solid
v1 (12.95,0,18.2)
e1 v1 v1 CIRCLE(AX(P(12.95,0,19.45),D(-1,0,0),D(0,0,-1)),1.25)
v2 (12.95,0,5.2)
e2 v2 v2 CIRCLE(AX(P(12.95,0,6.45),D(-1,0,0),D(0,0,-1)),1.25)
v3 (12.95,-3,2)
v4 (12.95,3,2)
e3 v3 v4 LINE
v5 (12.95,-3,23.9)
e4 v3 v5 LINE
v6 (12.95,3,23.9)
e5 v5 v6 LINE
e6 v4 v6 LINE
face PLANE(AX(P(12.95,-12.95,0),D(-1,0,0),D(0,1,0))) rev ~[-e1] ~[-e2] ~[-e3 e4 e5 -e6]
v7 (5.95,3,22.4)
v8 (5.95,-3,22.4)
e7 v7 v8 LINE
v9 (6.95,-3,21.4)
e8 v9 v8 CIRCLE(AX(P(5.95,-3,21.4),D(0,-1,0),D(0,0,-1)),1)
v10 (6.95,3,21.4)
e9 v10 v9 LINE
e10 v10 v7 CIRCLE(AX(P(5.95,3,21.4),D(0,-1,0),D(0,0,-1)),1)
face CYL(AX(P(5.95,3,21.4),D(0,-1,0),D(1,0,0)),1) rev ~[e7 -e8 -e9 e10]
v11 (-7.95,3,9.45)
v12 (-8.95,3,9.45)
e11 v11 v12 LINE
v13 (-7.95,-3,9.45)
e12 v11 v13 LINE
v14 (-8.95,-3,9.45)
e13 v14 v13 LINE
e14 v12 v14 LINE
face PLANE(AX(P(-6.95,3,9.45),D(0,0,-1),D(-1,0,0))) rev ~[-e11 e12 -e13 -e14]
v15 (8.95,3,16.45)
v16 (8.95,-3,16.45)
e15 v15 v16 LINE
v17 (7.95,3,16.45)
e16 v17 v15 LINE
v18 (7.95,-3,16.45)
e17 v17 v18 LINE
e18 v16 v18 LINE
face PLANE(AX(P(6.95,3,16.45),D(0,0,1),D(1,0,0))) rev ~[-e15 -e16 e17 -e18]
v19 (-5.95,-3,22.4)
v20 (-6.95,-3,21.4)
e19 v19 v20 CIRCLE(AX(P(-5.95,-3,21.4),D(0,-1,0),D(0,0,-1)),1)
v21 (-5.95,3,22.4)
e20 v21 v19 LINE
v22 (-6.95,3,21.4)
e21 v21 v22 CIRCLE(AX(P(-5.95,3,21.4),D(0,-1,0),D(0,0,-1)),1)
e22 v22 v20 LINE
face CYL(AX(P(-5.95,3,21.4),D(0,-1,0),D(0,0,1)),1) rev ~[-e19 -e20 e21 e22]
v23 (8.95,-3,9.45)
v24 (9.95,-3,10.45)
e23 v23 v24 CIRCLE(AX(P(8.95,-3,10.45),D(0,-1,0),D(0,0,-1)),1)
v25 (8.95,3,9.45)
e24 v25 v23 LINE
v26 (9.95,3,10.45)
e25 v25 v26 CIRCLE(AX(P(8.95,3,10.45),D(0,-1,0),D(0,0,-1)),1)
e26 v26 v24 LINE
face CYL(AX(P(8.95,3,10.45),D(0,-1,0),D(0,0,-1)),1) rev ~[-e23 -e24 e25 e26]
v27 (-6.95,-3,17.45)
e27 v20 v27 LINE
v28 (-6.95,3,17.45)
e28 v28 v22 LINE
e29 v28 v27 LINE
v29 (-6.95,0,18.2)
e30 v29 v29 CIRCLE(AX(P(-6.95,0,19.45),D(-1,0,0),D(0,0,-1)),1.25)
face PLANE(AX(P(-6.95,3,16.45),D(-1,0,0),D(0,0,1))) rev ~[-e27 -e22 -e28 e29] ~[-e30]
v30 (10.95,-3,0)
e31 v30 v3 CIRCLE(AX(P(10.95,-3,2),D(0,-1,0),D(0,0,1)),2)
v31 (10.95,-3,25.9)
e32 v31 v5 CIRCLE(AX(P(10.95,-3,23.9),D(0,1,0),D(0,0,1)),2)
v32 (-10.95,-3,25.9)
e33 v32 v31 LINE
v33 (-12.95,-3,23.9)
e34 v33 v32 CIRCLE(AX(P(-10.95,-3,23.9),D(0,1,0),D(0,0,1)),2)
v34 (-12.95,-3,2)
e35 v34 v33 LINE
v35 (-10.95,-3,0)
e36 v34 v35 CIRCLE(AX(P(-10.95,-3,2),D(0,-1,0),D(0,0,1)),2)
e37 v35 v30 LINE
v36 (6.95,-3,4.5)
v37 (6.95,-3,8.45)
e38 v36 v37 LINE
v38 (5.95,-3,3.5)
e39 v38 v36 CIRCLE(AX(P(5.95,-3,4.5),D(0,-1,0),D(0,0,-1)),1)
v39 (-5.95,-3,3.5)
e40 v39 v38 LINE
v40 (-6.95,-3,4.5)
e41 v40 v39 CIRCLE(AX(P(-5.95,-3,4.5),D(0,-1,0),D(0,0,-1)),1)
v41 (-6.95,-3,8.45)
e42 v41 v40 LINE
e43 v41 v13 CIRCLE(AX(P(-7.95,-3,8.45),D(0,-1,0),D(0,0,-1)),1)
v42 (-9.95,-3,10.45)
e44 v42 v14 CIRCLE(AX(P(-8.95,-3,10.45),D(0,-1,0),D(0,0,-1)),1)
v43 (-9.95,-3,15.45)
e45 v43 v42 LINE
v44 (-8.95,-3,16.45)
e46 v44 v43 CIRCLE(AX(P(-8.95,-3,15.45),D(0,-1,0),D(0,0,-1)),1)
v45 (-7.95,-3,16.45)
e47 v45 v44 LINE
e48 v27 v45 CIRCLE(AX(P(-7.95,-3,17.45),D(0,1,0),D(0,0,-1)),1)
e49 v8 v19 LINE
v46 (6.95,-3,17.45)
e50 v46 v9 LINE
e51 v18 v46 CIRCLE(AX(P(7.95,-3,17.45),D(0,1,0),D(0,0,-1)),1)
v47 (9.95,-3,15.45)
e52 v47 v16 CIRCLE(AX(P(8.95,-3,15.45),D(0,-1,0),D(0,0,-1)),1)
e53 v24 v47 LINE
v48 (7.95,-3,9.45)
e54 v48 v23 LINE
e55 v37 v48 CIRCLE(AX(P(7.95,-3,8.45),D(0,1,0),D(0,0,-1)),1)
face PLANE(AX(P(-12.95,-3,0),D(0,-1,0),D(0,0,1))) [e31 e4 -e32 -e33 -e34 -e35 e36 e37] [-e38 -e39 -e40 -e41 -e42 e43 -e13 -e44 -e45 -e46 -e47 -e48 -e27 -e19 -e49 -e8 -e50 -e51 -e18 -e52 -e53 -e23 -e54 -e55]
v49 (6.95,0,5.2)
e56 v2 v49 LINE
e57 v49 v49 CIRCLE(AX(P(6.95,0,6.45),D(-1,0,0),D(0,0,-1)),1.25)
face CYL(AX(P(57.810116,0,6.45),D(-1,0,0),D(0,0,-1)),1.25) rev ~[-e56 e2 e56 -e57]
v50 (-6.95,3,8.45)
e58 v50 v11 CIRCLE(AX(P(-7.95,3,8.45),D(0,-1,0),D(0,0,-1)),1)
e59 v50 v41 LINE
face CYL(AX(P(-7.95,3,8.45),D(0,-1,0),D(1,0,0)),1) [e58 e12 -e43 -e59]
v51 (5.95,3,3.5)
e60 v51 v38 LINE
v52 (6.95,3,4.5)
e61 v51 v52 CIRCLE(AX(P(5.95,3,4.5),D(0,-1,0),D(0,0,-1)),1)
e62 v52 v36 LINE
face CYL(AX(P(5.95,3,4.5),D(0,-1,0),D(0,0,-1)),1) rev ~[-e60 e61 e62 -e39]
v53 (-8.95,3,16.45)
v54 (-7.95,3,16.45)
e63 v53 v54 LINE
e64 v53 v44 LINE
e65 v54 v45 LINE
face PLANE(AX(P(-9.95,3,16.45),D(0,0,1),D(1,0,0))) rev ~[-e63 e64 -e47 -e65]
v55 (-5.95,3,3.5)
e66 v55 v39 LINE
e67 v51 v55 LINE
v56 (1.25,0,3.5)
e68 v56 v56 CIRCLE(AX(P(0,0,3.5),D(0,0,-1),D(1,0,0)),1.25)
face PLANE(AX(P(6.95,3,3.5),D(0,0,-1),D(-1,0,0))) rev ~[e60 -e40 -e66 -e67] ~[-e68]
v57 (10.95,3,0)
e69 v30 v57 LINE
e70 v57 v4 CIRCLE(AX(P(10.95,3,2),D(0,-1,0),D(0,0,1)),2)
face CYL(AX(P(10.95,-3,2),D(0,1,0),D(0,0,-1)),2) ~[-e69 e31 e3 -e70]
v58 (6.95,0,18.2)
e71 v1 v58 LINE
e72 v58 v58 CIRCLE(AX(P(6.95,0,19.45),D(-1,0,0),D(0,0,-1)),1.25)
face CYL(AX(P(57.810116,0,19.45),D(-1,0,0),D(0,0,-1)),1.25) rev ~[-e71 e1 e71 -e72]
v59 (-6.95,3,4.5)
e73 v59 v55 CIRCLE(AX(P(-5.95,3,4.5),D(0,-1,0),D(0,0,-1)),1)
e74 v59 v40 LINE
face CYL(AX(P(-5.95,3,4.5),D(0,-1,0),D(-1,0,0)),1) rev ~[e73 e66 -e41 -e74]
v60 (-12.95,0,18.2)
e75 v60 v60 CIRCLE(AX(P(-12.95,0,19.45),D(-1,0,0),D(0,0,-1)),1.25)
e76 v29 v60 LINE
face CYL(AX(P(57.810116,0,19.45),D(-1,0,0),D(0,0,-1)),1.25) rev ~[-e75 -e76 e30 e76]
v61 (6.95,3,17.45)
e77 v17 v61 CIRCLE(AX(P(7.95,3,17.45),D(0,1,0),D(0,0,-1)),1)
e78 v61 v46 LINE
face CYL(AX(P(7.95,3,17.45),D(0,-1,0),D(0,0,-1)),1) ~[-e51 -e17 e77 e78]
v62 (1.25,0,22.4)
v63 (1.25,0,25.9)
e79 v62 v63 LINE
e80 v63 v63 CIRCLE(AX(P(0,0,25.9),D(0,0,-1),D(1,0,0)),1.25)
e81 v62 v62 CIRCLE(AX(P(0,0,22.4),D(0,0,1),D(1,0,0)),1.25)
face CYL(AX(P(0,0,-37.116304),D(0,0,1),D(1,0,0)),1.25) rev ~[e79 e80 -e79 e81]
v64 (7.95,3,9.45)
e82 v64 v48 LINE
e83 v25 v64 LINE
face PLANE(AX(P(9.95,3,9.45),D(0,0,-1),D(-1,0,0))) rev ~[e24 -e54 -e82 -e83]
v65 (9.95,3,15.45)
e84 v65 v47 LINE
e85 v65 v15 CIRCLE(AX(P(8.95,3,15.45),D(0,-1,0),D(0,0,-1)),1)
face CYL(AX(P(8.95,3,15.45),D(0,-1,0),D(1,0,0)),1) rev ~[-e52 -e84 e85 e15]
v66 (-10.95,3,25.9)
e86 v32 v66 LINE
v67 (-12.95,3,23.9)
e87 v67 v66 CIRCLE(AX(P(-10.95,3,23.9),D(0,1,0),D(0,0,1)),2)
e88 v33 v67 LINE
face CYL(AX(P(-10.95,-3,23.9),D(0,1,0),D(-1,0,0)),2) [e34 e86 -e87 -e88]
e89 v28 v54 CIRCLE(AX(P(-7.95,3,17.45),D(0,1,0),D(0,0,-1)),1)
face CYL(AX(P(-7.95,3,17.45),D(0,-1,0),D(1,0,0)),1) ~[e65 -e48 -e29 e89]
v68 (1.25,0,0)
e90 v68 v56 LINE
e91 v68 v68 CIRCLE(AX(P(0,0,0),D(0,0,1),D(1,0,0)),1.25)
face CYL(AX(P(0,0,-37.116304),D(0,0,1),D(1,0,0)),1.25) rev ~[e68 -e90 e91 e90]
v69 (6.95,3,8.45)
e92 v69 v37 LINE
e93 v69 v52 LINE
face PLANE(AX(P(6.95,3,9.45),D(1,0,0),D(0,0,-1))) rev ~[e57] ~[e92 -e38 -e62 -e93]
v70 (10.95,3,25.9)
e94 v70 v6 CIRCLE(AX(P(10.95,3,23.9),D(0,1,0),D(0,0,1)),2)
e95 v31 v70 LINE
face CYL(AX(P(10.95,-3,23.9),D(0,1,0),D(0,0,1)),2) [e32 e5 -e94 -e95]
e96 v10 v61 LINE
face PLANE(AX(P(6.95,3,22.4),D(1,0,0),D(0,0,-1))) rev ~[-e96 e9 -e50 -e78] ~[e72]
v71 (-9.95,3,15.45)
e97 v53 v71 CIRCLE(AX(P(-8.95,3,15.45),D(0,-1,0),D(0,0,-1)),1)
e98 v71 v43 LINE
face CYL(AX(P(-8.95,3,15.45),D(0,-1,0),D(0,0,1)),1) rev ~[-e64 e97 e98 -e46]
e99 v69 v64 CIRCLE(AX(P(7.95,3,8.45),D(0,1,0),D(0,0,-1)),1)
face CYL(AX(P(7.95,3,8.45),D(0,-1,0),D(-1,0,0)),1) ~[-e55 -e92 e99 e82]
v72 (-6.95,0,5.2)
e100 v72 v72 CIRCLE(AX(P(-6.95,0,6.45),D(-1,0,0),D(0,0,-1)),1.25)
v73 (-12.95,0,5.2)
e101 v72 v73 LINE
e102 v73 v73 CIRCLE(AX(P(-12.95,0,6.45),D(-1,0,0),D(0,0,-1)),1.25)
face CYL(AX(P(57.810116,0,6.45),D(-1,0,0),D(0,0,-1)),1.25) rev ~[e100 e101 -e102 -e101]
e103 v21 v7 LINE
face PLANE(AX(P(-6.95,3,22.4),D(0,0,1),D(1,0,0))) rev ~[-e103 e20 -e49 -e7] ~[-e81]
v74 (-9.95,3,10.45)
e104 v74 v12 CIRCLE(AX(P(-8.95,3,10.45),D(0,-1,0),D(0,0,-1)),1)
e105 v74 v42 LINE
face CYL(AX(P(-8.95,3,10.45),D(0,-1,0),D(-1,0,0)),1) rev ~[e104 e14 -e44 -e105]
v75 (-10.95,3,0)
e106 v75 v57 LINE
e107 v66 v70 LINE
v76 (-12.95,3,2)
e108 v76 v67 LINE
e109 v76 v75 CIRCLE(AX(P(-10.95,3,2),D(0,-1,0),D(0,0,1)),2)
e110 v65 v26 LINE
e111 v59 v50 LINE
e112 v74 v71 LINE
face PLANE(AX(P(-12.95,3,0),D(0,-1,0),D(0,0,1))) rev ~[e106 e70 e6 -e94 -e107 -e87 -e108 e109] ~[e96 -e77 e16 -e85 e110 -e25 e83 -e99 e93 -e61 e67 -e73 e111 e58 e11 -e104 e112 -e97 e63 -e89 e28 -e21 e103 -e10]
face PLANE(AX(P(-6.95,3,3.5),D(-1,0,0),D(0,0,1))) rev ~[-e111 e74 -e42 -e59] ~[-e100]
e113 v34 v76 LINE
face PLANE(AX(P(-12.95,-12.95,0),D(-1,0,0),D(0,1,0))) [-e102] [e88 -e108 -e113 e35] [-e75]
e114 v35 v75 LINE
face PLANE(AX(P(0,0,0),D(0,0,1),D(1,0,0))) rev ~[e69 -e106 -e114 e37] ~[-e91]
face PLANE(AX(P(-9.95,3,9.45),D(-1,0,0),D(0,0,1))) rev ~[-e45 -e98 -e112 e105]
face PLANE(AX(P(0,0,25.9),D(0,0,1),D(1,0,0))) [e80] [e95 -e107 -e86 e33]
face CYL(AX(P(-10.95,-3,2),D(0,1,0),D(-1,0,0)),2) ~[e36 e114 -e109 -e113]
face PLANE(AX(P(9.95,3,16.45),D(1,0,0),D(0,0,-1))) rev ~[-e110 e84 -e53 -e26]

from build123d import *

# Parameters (mm, degrees)
SKETCH_1_W                   = 25.9
SKETCH_1_H                   = 25.9
EXTRUDE_1_DEPTH              = 25.9
HOLE_WIZARD_M3_1_D           = 2.5
SKETCH_7_W                   = 25.9
SKETCH_7_H                   = 9.95
CUT_EXTRUDE_4_DEPTH          = 26.9
FILLET_1_R                   = 2
CUT_EXTRUDE_5_DEPTH          = 1
CUT_EXTRUDE_5_DEPTH_BACK     = 7
FILLET_3_R                   = 1
HOLE_WIZARD_M3_2_D           = 2.5
HOLE_WIZARD_M3_2_ON_FACE_2_D = 2.5


with BuildPart() as part:
    # 草图1 → 凸台-拉伸1 (new body)
    with BuildSketch(Plane.XY):
        Rectangle(SKETCH_1_W, SKETCH_1_H)
    extrude(amount=EXTRUDE_1_DEPTH)

    # M3 螺纹孔1 (through all)
    with Locations(Plane(origin=(12.95, 0, 19.45), x_dir=(0, 0, 1), z_dir=(1, 0, 0))):
        with Locations((0, 0), (-13, 0)):
            Hole(HOLE_WIZARD_M3_1_D / 2)

    # 草图7 → 切除-拉伸4 (cut, through all)
    with BuildSketch(Plane.ZY.offset(12.95)):
        with Locations((12.95, 7.975)):
            Rectangle(SKETCH_7_W, SKETCH_7_H)
        with Locations((12.95, -7.975)):
            Rectangle(SKETCH_7_W, SKETCH_7_H)
    extrude(amount=-CUT_EXTRUDE_4_DEPTH, mode=Mode.SUBTRACT)

    # 圆角1
    fillet_1_edges = [part.edges().sort_by_distance(p)[0] for p in [
        (12.95, 0, 0),
        (-12.95, 0, 0),
        (12.95, 0, 25.9),
        (-12.95, 0, 25.9),
    ]]
    fillet(fillet_1_edges, radius=FILLET_1_R)

    # 草图8 → 切除-拉伸5 (cut, two sides)
    with BuildSketch(Plane(origin=(0, 3, 0), x_dir=(1, 0, 0), z_dir=(0, 1, 0))) as cut_extrude_5_sk:
        Polygon((-6.95, -9.45), (-9.95, -9.45), (-9.95, -16.45), (-6.95, -16.45), (-6.95, -22.4), (6.95, -22.4), (6.95, -16.45), (9.95, -16.45), (9.95, -9.45), (6.95, -9.45), (6.95, -3.5), (-6.95, -3.5), align=None)
    extrude(amount=CUT_EXTRUDE_5_DEPTH, mode=Mode.SUBTRACT)
    extrude(cut_extrude_5_sk.sketch, amount=-CUT_EXTRUDE_5_DEPTH_BACK, mode=Mode.SUBTRACT)

    # 圆角3
    fillet_3_edges = [part.edges().sort_by_distance(p)[0] for p in [
        (6.95, 0, 16.45),
        (-6.95, 0, 22.4),
        (-9.95, 0, 16.45),
        (-9.95, 0, 9.45),
        (-6.95, 0, 3.5),
        (6.95, 0, 9.45),
        (9.95, 0, 9.45),
        (9.95, 0, 16.45),
        (6.95, 0, 22.4),
        (-6.95, 0, 16.45),
        (-6.95, 0, 9.45),
        (6.95, 0, 3.5),
    ]]
    fillet(fillet_3_edges, radius=FILLET_3_R)

    # M3 螺纹孔2 (through all)
    with Locations(Plane(origin=(0, 0, 0), x_dir=(-1, 0, 0), z_dir=(0, 0, -1))):
        with Locations((0, 0)):
            Hole(HOLE_WIZARD_M3_2_D / 2)

    # M3 螺纹孔2 on face 2 (through all)
    with Locations(Plane.XY.offset(25.9)):
        with Locations((0, 0)):
            Hole(HOLE_WIZARD_M3_2_ON_FACE_2_D / 2)


solid = part.part
